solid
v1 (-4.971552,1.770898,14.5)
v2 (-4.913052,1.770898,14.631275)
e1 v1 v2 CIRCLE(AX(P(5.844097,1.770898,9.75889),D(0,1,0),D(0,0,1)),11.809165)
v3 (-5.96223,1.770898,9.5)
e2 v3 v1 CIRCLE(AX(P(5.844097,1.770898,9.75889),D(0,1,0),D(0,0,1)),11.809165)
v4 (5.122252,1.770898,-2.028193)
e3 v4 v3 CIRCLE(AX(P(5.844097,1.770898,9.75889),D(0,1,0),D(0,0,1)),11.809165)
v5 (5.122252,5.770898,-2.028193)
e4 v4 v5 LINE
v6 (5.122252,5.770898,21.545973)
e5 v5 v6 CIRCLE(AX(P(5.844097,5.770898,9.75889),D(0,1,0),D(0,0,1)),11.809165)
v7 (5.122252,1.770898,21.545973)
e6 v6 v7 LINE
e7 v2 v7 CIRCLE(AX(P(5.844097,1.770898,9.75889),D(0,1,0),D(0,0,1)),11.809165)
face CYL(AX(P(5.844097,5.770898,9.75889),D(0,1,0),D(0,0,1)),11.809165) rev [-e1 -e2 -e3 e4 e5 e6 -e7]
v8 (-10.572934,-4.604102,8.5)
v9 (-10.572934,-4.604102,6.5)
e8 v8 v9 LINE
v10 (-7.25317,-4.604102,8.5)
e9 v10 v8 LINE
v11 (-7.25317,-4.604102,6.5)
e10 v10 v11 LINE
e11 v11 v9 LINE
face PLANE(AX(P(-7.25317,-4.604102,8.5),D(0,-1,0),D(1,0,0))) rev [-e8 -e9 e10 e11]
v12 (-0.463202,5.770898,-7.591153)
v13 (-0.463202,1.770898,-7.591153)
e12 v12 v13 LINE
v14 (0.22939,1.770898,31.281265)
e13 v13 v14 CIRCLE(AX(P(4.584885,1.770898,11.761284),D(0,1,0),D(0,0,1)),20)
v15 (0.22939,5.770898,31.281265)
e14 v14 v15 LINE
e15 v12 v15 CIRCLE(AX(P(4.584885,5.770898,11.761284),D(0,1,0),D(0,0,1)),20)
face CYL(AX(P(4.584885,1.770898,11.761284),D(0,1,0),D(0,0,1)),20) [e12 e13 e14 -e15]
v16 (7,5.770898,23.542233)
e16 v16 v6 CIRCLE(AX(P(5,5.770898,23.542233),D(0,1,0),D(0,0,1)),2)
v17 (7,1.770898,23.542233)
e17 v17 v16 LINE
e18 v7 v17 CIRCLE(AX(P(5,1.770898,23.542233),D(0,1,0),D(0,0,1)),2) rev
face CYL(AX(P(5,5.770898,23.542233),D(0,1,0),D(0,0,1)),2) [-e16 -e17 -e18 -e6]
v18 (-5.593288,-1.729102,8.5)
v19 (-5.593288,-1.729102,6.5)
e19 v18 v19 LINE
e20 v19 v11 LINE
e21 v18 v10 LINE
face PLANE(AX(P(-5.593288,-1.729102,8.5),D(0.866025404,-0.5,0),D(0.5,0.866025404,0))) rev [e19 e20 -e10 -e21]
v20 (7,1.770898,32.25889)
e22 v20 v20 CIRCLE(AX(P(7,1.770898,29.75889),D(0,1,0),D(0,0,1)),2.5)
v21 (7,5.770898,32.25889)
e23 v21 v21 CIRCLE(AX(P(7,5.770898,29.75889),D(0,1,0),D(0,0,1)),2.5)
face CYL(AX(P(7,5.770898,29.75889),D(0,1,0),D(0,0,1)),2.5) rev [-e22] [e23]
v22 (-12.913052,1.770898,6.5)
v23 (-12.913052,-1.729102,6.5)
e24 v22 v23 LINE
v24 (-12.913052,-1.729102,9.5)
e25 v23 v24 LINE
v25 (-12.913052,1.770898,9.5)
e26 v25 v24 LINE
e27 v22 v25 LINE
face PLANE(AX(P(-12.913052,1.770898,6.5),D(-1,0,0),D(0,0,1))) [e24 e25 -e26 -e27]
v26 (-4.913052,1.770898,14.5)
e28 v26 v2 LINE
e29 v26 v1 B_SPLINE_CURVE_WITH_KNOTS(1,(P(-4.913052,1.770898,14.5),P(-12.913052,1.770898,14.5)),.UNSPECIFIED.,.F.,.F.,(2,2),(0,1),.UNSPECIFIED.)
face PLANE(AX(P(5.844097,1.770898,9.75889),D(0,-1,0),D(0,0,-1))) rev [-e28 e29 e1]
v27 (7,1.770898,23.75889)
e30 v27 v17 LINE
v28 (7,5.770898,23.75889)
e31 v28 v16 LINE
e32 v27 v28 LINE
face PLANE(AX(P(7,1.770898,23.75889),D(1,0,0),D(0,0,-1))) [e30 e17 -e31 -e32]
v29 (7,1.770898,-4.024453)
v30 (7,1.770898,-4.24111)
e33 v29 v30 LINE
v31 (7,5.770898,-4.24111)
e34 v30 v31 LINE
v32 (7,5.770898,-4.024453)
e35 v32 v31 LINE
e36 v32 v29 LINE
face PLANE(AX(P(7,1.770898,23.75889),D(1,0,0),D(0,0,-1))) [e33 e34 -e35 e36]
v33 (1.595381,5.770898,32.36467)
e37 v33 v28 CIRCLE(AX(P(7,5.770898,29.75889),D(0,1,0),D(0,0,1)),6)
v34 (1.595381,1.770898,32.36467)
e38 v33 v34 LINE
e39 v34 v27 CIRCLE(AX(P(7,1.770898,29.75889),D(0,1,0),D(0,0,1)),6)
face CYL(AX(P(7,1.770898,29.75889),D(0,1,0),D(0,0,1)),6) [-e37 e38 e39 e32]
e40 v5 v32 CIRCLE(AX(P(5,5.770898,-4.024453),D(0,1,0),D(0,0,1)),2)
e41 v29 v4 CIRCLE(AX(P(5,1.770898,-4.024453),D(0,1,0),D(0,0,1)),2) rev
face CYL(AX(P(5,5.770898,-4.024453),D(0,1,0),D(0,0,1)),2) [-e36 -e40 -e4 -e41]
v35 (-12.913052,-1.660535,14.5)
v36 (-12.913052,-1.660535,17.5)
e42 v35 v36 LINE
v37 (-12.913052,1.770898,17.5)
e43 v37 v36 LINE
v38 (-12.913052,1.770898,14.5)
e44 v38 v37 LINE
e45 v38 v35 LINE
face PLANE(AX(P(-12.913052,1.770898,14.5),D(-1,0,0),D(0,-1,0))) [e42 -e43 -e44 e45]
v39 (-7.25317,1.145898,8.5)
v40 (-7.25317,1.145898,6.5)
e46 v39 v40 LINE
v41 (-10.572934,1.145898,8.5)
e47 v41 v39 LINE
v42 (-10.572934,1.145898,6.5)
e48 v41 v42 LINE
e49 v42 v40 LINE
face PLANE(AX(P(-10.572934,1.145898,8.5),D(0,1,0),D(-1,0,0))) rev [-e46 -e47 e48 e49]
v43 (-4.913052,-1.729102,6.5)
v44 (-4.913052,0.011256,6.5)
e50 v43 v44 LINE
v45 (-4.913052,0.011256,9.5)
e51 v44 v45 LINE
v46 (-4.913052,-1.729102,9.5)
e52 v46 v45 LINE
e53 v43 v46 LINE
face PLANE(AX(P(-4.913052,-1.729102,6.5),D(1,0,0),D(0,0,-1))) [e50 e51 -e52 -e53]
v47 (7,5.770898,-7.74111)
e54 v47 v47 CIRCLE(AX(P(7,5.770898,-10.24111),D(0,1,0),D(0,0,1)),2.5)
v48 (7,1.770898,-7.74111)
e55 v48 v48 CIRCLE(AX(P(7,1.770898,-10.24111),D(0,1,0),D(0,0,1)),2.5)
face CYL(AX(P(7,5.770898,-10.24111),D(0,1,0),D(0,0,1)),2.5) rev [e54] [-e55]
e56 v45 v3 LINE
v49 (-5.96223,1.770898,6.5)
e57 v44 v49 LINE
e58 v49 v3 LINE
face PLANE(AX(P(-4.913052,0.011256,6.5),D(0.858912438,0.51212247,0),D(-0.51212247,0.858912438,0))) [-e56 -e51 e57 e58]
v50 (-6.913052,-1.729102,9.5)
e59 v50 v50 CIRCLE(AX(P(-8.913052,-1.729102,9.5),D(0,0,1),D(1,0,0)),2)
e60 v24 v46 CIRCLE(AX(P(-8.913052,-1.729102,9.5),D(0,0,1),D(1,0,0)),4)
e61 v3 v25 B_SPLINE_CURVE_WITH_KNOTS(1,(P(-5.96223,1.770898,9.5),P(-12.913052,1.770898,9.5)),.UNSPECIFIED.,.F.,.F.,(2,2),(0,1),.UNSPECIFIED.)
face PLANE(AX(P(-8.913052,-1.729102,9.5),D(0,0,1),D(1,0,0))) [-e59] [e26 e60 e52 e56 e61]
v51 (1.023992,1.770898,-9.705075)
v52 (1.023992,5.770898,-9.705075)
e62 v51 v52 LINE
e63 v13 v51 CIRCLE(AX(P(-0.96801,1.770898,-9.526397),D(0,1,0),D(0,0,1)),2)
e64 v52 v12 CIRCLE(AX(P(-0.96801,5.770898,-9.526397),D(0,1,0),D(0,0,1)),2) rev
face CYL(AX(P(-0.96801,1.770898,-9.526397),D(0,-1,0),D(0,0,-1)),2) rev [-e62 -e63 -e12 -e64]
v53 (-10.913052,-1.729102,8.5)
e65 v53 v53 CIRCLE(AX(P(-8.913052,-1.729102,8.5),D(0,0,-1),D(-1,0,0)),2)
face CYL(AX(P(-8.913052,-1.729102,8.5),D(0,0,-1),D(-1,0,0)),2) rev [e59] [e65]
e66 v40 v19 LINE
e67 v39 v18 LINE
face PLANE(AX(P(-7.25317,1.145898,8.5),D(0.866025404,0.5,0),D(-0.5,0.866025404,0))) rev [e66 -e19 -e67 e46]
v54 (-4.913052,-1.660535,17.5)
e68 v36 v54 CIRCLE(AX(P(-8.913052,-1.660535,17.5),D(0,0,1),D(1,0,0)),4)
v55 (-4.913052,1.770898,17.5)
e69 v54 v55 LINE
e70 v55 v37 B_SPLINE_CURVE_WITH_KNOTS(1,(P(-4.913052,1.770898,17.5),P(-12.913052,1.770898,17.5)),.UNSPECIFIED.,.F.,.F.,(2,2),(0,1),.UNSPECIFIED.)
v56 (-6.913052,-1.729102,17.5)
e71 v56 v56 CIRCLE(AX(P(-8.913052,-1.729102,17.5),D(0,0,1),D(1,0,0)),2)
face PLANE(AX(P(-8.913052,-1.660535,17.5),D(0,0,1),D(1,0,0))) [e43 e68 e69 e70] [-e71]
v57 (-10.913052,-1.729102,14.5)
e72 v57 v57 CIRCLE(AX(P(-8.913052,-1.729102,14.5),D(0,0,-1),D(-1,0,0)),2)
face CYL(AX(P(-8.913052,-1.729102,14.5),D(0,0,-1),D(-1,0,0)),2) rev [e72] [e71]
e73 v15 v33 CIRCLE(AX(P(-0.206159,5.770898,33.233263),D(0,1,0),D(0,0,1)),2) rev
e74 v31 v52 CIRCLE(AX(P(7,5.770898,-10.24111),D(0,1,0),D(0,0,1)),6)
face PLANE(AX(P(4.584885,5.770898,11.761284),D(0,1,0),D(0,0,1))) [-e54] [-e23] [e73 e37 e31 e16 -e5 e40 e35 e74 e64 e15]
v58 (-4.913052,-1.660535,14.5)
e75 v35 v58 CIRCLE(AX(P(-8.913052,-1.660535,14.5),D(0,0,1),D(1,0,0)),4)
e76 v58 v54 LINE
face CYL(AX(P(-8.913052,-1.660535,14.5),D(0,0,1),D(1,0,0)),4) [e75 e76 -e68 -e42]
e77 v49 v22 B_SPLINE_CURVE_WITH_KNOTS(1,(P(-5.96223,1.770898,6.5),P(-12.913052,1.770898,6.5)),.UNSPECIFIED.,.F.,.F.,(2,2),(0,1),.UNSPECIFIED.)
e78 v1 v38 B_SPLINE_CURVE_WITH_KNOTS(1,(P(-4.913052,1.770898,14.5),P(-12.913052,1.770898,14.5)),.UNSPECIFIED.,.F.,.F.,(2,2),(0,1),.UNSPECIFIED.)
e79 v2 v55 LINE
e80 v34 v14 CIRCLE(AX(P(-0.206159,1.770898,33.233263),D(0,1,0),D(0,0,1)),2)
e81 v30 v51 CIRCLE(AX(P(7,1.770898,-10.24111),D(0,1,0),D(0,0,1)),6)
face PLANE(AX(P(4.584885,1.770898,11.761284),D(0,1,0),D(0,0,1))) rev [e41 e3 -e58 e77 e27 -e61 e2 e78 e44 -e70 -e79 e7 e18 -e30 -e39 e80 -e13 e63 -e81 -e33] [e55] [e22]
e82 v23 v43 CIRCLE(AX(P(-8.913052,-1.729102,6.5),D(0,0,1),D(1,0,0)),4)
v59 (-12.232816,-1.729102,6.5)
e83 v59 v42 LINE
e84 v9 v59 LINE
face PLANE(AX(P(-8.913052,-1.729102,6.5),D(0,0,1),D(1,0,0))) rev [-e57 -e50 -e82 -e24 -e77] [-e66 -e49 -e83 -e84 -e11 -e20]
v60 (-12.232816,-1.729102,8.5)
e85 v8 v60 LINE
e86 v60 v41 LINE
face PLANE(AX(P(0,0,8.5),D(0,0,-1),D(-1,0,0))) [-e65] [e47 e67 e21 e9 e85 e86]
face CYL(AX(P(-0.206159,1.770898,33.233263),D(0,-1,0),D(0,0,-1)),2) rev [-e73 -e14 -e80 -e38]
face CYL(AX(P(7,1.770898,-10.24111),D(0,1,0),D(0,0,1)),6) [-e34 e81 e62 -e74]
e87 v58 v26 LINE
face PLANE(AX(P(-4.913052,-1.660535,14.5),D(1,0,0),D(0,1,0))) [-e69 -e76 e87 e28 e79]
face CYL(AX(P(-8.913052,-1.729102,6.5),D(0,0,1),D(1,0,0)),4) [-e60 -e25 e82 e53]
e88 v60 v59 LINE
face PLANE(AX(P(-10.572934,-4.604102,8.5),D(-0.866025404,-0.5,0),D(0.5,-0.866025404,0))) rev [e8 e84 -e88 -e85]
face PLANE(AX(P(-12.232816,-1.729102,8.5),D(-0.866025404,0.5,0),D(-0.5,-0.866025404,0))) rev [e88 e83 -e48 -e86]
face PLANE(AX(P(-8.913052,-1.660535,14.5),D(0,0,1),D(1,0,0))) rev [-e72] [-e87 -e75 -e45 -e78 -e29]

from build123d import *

# Parameters (mm, degrees)
BOSS_EXTRUDE1_DEPTH          = 4
BOSS_EXTRUDE2_DEPTH          = 3
BOSS_EXTRUDE3_DEPTH          = 3
CUT_EXTRUDE1_DEPTH           = 2
F_5_0_5_DIAMETER_HOLE1_D     = 5
F_5_0_5_DIAMETER_HOLE1_DEPTH = 11.5
SKETCH7_W                    = 2
SKETCH7_H                    = 21.25889
M20_CLEARANCE_HOLE1_D        = 23.618330199
M20_CLEARANCE_HOLE1_DEPTH    = 4
F_4_0_4_DIAMETER_HOLE2_D     = 4
F_4_0_4_DIAMETER_HOLE2_DEPTH = 27.25889
FILLET1_R                    = 2


with BuildPart() as part:
    # Sketch1 → Boss-Extrude1 (new body)
    with BuildSketch(Plane(origin=(0, 5.770898059, 0), x_dir=(1, 0, 0), z_dir=(0, 1, 0))):
        with BuildLine():
            Line((7, -23.75889), (7, 4.24111))
            ThreePointArc((7, 4.24111), (10.353454391, 15.21648372), (1.438437052, 7.989662117))
            ThreePointArc((1.438437052, 7.989662117), (-15.414893863, -11.667157982), (1.252670952, -31.481739039))
            ThreePointArc((1.252670952, -31.481739039), (11.8133717, -33.340991741), (7, -23.75889))
        make_face()
    extrude(amount=-BOSS_EXTRUDE1_DEPTH)

    # Sketch2 → Boss-Extrude2 (add)
    with BuildSketch(Plane.XY.offset(17.5)):
        with BuildLine():
            Line((-4.913051605, -1.660534859), (-4.913051605, 1.770898059))
            Line((-4.913051605, 1.770898059), (-12.913051605, 1.770898059))
            Line((-12.913051605, 1.770898059), (-12.913051605, -1.660534859))
            ThreePointArc((-12.913051605, -1.660534859), (-8.913051605, -5.660534859), (-4.913051605, -1.660534859))
        make_face()
    extrude(amount=-BOSS_EXTRUDE2_DEPTH)

    # Sketch3 → Boss-Extrude3 (add)
    with BuildSketch(Plane.XY.offset(9.5)):
        with BuildLine():
            Line((-4.913051605, -1.729101941), (-4.913051605, 0.01125604))
            Line((-4.913051605, 0.01125604), (-5.962229818, 1.770898059))
            Line((-5.962229818, 1.770898059), (-12.913051605, 1.770898059))
            Line((-12.913051605, 1.770898059), (-12.913051605, -1.729101941))
            ThreePointArc((-12.913051605, -1.729101941), (-8.913051605, -5.729101941), (-4.913051605, -1.729101941))
        make_face()
    extrude(amount=-BOSS_EXTRUDE3_DEPTH)

    # Sketch4 → Cut-Extrude1 (cut)
    with BuildSketch(Plane(origin=(0, 0, 6.5), x_dir=(-1, 0, 0), z_dir=(0, 0, -1))):
        Polygon((7.253169581, 1.145898059), (5.593287557, -1.729101941), (7.253169581, -4.604101941), (10.572933629, -4.604101941), (12.232815653, -1.729101941), (10.572933629, 1.145898059), align=None)
    extrude(amount=-CUT_EXTRUDE1_DEPTH, mode=Mode.SUBTRACT)

    # Ø5.0 (5) Diameter Hole1
    with Locations(Plane(origin=(0, 5.770898059, 0), x_dir=(1, 0, 0), z_dir=(0, 1, 0))):
        with Locations((7, -29.75889), (7, 10.24111)):
            Hole(F_5_0_5_DIAMETER_HOLE1_D / 2, depth=F_5_0_5_DIAMETER_HOLE1_DEPTH)

    # Sketch7 → Ø4.0 (4) Diameter Hole1 (revolve, cut)
    with BuildSketch(Plane(origin=(-8.913051605, -1.729101941, 14.5), x_dir=(0, 1, 0), z_dir=(1, 0, 0))):
        with Locations((1, 10.629445)):
            Rectangle(SKETCH7_W, SKETCH7_H)
    revolve(axis=Axis((-8.913051605, -1.729101941, 8.15), (0, 0, 1)), mode=Mode.SUBTRACT)

    # M20 Clearance Hole1
    with Locations(Plane(origin=(0, 5.770898059, 0), x_dir=(1, 0, 0), z_dir=(0, 1, 0))):
        with Locations((5.844097137, -9.75889)):
            Hole(M20_CLEARANCE_HOLE1_D / 2, depth=M20_CLEARANCE_HOLE1_DEPTH)

    # Ø4.0 (4) Diameter Hole2
    with Locations(Plane(origin=(0, 0, 8.5), x_dir=(-1, 0, 0), z_dir=(0, 0, -1))):
        with Locations((8.913051605, -1.729101941)):
            Hole(F_4_0_4_DIAMETER_HOLE2_D / 2, depth=F_4_0_4_DIAMETER_HOLE2_DEPTH)

    # Fillet1
    fillet1_edges = [part.edges().sort_by_distance(p)[0] for p in [
        (1.438437052, 3.770898059, -7.989662117),
        (1.252670952, 3.770898059, 31.481739039),
        (7, 3.770898059, -1.993567995),
        (7, 3.770898059, 21.511347995),
    ]]
    fillet(fillet1_edges, radius=FILLET1_R)


solid = part.part
